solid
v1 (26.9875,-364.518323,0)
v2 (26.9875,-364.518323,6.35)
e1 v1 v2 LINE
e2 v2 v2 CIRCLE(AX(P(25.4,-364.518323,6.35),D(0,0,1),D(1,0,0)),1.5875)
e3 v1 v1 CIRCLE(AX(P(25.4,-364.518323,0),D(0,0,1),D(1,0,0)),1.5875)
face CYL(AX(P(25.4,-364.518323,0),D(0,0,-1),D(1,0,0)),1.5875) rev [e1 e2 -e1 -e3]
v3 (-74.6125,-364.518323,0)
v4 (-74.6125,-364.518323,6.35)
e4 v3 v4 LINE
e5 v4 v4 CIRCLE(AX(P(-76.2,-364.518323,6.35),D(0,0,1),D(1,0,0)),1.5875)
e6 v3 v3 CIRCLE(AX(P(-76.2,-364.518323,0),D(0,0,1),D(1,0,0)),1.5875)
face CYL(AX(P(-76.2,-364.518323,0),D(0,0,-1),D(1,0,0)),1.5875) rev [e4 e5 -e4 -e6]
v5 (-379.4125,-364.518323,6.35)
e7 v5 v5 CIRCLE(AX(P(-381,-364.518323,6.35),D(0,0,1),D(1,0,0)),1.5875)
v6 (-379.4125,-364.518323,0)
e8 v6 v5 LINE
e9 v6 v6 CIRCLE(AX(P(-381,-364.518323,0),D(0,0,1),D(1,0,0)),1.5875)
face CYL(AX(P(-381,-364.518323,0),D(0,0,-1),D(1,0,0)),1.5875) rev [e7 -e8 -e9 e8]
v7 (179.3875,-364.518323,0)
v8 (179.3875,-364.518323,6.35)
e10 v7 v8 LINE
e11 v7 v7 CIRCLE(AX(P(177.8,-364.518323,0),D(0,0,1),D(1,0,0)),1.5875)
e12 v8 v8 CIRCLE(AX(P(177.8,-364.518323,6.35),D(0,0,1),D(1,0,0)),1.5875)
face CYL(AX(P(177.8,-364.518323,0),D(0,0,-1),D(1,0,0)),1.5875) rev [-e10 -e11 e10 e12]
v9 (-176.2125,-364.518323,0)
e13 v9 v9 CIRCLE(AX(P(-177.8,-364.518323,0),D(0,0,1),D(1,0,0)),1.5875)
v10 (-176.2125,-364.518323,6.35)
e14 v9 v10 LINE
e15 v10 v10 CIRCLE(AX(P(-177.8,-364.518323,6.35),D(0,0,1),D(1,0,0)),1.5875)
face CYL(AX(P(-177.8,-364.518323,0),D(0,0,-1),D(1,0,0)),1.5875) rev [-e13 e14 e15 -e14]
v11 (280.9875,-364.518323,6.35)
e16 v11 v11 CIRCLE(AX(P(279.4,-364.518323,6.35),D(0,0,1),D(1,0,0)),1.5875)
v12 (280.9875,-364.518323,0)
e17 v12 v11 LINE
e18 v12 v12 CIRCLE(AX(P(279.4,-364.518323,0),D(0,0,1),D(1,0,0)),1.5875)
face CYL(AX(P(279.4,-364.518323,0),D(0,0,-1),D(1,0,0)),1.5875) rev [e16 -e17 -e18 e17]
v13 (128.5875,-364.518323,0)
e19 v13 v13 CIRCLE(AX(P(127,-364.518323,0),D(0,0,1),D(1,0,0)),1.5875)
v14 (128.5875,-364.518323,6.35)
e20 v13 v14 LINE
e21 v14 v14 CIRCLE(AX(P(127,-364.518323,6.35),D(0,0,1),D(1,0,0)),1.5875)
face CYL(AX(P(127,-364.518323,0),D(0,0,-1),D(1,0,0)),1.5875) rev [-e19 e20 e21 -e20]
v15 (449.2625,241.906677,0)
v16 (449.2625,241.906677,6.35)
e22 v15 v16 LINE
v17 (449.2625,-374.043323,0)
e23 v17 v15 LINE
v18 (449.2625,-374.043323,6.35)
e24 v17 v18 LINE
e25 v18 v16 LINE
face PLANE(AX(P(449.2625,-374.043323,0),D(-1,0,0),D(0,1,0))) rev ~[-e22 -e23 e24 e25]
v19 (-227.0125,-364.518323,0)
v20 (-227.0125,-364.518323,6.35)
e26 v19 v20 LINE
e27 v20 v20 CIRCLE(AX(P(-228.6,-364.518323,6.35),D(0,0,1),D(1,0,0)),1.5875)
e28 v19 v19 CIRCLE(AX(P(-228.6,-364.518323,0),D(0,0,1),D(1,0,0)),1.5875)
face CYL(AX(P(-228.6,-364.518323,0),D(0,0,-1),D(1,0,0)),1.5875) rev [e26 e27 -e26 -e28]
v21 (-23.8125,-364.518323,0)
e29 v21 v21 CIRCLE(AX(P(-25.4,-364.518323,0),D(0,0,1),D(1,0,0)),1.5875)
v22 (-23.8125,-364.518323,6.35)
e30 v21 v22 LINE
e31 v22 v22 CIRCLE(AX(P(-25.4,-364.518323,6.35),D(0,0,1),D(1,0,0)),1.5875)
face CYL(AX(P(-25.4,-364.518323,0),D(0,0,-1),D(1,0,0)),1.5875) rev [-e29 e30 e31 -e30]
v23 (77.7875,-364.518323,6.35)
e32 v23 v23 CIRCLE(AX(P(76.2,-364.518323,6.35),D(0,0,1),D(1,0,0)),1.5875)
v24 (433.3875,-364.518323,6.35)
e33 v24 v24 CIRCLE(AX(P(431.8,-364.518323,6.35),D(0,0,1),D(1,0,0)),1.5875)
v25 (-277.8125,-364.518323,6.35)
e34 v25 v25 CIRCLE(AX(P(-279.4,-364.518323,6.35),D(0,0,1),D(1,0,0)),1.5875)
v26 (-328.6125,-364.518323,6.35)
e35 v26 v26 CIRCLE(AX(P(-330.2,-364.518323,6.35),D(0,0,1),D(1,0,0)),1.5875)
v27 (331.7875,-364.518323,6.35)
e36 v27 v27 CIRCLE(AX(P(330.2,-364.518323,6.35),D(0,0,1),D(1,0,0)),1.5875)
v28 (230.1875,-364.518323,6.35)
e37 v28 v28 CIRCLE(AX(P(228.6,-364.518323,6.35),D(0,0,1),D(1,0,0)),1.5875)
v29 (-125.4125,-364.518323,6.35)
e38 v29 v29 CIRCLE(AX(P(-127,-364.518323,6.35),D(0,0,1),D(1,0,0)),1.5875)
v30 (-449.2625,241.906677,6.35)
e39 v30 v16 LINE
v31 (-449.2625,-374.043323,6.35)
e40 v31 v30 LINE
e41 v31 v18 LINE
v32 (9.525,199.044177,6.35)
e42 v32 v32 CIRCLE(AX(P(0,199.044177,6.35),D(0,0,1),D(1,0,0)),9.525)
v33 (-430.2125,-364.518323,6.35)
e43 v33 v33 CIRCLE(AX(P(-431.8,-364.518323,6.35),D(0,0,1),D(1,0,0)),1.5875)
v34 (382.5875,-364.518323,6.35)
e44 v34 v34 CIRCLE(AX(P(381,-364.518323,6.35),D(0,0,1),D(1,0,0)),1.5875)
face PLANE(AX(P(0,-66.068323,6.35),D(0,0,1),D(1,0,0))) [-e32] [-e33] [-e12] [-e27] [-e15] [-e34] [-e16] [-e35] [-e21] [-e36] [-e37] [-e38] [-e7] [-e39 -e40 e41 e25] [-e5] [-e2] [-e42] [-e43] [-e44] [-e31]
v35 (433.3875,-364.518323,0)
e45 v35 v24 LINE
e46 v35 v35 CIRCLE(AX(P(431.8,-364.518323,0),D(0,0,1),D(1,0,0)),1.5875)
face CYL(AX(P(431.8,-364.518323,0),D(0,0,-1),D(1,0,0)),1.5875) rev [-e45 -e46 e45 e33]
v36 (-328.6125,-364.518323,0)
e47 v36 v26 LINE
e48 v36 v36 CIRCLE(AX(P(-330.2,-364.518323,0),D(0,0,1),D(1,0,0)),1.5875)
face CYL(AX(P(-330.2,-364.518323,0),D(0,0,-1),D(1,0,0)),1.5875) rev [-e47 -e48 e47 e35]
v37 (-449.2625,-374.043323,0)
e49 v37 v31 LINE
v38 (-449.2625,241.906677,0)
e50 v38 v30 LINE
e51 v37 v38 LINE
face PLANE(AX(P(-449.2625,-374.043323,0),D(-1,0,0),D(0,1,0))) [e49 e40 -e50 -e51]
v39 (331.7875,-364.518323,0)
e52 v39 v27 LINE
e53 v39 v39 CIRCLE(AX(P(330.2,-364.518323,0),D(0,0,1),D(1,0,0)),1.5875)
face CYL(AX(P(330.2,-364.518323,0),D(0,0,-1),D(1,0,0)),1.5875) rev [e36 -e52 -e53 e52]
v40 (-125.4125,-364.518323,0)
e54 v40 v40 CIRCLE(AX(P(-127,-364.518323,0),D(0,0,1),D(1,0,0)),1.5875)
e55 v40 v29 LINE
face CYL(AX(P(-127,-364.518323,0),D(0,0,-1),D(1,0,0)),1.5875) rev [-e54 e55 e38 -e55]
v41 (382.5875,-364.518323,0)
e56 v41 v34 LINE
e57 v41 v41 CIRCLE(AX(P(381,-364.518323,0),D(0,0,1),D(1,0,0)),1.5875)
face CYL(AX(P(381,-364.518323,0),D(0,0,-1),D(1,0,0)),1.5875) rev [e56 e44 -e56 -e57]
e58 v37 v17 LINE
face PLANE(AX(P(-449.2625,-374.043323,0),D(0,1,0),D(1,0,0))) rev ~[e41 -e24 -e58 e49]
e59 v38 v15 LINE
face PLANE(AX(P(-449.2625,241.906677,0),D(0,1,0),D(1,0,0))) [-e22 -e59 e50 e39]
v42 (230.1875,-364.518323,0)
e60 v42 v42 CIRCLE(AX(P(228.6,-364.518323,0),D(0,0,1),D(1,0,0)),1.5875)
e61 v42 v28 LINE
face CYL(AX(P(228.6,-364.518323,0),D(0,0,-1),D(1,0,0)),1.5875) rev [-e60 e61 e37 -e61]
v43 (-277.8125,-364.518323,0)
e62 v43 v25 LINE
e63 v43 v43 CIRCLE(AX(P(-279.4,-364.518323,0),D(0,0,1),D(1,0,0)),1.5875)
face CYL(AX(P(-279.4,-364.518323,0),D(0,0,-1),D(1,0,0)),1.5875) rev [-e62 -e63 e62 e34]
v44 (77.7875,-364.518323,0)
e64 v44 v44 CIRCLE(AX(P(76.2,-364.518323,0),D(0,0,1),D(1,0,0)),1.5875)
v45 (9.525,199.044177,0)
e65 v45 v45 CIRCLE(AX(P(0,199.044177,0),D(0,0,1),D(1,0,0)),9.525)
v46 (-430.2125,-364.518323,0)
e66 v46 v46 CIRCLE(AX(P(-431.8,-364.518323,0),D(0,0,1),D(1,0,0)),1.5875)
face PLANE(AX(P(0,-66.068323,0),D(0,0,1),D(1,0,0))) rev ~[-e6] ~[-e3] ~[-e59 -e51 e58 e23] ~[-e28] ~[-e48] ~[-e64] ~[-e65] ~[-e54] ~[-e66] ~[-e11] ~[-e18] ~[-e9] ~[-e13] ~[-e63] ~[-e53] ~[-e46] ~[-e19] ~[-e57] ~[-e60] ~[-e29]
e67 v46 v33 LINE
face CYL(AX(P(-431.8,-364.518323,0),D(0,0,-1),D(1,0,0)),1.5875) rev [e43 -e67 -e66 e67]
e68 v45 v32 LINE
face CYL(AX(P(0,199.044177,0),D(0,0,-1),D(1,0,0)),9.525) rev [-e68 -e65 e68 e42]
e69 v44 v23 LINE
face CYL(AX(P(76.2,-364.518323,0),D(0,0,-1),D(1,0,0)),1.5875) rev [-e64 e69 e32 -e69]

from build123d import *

# Parameters (mm, degrees)
F0_W     = 898.525
F0_H     = 615.95
F0_R     = 1.5875
F0_R_2   = 9.525
F1_DEPTH = 6.35


with BuildPart() as f1:
    # F0 (on Top) → F1 (new body)
    with BuildSketch(Plane.XY):
        with Locations((0, -66.068323)):
            Rectangle(F0_W, F0_H)
        with Locations((-431.8, -364.518323)):
            Circle(F0_R, mode=Mode.SUBTRACT)
        with Locations((-381, -364.518323)):
            Circle(F0_R, mode=Mode.SUBTRACT)
        with Locations((-330.2, -364.518323)):
            Circle(F0_R, mode=Mode.SUBTRACT)
        with Locations((-279.4, -364.518323)):
            Circle(F0_R, mode=Mode.SUBTRACT)
        with Locations((-228.6, -364.518323)):
            Circle(F0_R, mode=Mode.SUBTRACT)
        with Locations((-177.8, -364.518323)):
            Circle(F0_R, mode=Mode.SUBTRACT)
        with Locations((-127, -364.518323)):
            Circle(F0_R, mode=Mode.SUBTRACT)
        with Locations((-76.2, -364.518323)):
            Circle(F0_R, mode=Mode.SUBTRACT)
        with Locations((-25.4, -364.518323)):
            Circle(F0_R, mode=Mode.SUBTRACT)
        with Locations((25.4, -364.518323)):
            Circle(F0_R, mode=Mode.SUBTRACT)
        with Locations((76.2, -364.518323)):
            Circle(F0_R, mode=Mode.SUBTRACT)
        with Locations((127, -364.518323)):
            Circle(F0_R, mode=Mode.SUBTRACT)
        with Locations((177.8, -364.518323)):
            Circle(F0_R, mode=Mode.SUBTRACT)
        with Locations((228.6, -364.518323)):
            Circle(F0_R, mode=Mode.SUBTRACT)
        with Locations((279.4, -364.518323)):
            Circle(F0_R, mode=Mode.SUBTRACT)
        with Locations((330.2, -364.518323)):
            Circle(F0_R, mode=Mode.SUBTRACT)
        with Locations((381, -364.518323)):
            Circle(F0_R, mode=Mode.SUBTRACT)
        with Locations((431.8, -364.518323)):
            Circle(F0_R, mode=Mode.SUBTRACT)
        with Locations((0, 199.044177)):
            Circle(F0_R_2, mode=Mode.SUBTRACT)
    extrude(amount=F1_DEPTH)


solid = f1.part
